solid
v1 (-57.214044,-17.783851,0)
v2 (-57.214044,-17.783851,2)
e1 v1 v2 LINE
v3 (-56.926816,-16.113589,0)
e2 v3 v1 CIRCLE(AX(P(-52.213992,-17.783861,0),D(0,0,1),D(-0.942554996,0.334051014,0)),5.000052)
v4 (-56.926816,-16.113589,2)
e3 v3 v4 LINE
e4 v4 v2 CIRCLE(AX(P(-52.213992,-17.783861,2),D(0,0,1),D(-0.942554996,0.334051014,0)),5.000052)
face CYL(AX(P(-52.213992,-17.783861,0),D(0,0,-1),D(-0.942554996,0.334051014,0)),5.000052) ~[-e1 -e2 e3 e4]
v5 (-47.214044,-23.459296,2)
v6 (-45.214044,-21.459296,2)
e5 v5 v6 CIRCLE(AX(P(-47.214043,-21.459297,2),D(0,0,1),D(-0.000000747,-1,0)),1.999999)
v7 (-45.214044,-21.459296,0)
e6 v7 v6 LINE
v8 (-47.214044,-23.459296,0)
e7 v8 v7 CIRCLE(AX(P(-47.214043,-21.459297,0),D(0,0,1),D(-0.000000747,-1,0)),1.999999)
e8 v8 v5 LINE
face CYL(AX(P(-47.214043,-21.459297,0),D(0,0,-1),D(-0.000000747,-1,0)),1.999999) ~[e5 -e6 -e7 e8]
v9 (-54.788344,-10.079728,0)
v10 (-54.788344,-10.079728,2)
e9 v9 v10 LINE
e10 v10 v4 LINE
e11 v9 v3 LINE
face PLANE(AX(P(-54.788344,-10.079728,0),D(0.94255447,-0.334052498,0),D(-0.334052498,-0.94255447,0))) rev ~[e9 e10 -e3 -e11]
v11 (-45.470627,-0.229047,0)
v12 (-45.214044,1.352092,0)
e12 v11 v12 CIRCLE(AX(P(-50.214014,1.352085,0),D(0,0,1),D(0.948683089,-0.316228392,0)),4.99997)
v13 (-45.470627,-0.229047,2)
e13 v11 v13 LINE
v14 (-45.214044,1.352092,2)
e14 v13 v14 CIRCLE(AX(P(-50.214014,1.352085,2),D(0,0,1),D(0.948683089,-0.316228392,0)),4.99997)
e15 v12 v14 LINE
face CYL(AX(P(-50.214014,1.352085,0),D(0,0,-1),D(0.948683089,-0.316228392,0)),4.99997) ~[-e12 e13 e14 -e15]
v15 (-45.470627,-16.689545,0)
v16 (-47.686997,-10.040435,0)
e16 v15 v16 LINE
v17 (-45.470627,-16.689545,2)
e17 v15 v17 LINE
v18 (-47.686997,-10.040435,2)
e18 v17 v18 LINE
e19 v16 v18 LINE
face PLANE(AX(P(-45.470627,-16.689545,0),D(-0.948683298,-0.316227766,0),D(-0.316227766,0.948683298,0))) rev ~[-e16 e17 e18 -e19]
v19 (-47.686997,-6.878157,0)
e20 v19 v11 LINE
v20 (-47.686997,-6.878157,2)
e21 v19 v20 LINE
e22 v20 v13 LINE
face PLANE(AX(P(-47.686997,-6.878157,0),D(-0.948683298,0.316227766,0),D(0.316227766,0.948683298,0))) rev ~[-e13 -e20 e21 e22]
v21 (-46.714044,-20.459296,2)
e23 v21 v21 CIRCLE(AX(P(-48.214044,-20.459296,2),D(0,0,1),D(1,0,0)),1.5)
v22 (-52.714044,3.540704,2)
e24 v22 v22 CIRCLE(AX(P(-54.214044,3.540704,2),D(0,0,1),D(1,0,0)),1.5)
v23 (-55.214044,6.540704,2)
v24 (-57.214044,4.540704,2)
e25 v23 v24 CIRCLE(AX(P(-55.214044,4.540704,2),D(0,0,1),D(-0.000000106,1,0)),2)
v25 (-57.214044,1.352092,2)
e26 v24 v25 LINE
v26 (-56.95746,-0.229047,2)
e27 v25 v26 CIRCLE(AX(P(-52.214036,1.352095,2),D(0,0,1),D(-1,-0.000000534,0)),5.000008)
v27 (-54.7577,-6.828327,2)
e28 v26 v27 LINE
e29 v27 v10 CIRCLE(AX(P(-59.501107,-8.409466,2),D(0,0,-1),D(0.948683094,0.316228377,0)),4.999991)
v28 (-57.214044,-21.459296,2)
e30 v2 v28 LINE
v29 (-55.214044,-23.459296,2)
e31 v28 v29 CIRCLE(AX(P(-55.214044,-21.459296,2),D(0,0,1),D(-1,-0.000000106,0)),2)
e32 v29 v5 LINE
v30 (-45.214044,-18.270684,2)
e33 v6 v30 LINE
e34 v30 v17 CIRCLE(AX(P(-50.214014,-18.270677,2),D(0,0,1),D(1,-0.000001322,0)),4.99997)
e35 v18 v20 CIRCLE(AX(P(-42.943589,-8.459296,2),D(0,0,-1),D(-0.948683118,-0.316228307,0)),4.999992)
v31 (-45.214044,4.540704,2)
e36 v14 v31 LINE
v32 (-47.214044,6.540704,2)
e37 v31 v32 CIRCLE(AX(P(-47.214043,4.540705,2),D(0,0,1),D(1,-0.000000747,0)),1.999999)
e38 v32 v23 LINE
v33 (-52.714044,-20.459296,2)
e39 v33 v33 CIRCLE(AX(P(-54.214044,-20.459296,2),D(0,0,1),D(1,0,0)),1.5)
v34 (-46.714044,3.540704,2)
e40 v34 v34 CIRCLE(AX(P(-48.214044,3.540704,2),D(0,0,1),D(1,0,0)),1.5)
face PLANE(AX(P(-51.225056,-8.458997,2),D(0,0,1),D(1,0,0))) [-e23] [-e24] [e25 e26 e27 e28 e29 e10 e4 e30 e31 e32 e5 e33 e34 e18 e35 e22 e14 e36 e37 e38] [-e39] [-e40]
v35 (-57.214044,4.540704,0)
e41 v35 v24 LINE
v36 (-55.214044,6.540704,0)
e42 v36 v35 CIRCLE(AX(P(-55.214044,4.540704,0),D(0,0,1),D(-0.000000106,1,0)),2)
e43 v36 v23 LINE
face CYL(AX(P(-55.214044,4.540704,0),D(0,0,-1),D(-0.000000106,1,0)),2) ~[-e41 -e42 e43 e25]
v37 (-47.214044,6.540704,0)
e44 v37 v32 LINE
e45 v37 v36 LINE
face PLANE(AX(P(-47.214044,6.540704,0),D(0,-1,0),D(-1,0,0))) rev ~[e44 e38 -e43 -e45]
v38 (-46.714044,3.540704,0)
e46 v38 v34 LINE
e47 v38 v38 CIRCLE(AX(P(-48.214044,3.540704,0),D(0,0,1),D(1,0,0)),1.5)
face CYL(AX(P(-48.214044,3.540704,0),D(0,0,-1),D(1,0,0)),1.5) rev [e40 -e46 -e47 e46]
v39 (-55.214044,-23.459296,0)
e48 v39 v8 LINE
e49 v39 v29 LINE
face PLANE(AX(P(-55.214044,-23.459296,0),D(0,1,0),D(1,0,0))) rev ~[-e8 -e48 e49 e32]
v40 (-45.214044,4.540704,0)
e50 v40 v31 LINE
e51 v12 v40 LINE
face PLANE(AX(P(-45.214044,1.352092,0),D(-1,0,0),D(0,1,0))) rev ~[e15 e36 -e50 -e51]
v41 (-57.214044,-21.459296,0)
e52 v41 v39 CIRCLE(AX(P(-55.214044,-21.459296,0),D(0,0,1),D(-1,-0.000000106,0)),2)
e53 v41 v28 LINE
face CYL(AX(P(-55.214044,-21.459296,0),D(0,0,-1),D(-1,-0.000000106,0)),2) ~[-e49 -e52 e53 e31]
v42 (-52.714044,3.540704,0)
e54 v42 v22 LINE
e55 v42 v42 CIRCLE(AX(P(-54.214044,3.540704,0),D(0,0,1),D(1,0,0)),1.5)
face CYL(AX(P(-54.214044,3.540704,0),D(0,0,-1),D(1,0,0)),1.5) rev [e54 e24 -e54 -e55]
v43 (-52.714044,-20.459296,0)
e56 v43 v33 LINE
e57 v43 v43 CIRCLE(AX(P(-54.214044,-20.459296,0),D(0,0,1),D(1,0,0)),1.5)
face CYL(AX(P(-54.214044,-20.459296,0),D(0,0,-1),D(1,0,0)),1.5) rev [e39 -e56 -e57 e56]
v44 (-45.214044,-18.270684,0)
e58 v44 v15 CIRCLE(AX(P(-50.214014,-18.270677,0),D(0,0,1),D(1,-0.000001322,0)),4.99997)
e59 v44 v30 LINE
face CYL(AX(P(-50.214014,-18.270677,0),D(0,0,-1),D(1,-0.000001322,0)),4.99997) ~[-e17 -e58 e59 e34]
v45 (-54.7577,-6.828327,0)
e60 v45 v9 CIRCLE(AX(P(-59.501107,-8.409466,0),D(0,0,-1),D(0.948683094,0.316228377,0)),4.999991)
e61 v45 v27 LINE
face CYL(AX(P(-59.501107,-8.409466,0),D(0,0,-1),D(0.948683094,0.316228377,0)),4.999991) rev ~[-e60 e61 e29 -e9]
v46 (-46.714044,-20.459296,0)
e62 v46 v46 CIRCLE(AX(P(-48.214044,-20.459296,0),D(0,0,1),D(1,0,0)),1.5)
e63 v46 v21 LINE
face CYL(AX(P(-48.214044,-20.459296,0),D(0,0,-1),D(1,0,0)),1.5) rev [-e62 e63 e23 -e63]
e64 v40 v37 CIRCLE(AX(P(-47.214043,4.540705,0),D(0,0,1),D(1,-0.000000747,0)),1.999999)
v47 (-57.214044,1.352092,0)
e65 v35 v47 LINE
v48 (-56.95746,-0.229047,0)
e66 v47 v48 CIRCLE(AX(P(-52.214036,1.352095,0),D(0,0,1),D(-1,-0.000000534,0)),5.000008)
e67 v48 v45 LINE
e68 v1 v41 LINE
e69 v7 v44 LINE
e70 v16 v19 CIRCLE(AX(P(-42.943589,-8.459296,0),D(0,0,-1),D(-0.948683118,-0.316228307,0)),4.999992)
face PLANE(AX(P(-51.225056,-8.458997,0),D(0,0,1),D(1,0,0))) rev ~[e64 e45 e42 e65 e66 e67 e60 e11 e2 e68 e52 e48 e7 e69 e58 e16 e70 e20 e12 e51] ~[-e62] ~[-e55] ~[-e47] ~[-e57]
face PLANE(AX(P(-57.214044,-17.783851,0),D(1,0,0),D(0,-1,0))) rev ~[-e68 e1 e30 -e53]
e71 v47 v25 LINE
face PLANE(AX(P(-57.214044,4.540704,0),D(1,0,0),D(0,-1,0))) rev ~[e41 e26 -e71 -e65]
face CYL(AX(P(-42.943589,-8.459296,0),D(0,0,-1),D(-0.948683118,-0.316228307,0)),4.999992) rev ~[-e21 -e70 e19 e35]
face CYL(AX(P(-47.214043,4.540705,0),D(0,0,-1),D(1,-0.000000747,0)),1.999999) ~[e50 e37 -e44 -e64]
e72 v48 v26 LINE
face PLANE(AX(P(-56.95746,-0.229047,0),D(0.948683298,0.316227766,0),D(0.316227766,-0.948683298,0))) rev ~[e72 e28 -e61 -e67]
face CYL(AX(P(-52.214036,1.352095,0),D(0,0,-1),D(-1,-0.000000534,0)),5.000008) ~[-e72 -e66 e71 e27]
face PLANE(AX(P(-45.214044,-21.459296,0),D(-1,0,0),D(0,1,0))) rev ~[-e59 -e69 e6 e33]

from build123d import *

# Parameters (mm, degrees)
F0_R     = 1.5
F1_DEPTH = 2


with BuildPart() as f1:
    # F0 (on Top) → F1 (new body)
    with BuildSketch(Plane.XY):
        with BuildLine():
            ThreePointArc((-57.214044, -21.459296), (-56.628257, -22.87351), (-55.214044, -23.459296))
            Line((-55.214044, -23.459296), (-47.214044, -23.459296))
            ThreePointArc((-47.214044, -23.459296), (-45.79983, -22.87351), (-45.214044, -21.459296))
            Line((-45.214044, -21.459296), (-45.214044, -18.270684))
            ThreePointArc((-45.214044, -18.270684), (-45.278606, -17.469773), (-45.470627, -16.689545))
            Line((-45.470627, -16.689545), (-47.686997, -10.040435))
            ThreePointArc((-47.686997, -10.040435), (-47.943581, -8.459296), (-47.686997, -6.878157))
            Line((-47.686997, -6.878157), (-45.470627, -0.229047))
            ThreePointArc((-45.470627, -0.229047), (-45.278606, 0.551181), (-45.214044, 1.352092))
            Line((-45.214044, 1.352092), (-45.214044, 4.540704))
            ThreePointArc((-45.214044, 4.540704), (-45.79983, 5.954918), (-47.214044, 6.540704))
            Line((-47.214044, 6.540704), (-55.214044, 6.540704))
            ThreePointArc((-55.214044, 6.540704), (-56.628257, 5.954918), (-57.214044, 4.540704))
            Line((-57.214044, 4.540704), (-57.214044, 1.352092))
            ThreePointArc((-57.214044, 1.352092), (-57.149481, 0.551181), (-56.95746, -0.229047))
            Line((-56.95746, -0.229047), (-54.7577, -6.828327))
            ThreePointArc((-54.7577, -6.828327), (-54.501338, -8.456588), (-54.788344, -10.079728))
            Line((-54.788344, -10.079728), (-56.926816, -16.113589))
            ThreePointArc((-56.926816, -16.113589), (-57.141713, -16.936462), (-57.214044, -17.783851))
            Line((-57.214044, -17.783851), (-57.214044, -21.459296))
        make_face()
        with Locations((-54.214044, -20.459296)):
            Circle(F0_R, mode=Mode.SUBTRACT)
        with Locations((-48.214044, -20.459296)):
            Circle(F0_R, mode=Mode.SUBTRACT)
        with Locations((-54.214044, 3.540704)):
            Circle(F0_R, mode=Mode.SUBTRACT)
        with Locations((-48.214044, 3.540704)):
            Circle(F0_R, mode=Mode.SUBTRACT)
    extrude(amount=F1_DEPTH)


solid = f1.part
